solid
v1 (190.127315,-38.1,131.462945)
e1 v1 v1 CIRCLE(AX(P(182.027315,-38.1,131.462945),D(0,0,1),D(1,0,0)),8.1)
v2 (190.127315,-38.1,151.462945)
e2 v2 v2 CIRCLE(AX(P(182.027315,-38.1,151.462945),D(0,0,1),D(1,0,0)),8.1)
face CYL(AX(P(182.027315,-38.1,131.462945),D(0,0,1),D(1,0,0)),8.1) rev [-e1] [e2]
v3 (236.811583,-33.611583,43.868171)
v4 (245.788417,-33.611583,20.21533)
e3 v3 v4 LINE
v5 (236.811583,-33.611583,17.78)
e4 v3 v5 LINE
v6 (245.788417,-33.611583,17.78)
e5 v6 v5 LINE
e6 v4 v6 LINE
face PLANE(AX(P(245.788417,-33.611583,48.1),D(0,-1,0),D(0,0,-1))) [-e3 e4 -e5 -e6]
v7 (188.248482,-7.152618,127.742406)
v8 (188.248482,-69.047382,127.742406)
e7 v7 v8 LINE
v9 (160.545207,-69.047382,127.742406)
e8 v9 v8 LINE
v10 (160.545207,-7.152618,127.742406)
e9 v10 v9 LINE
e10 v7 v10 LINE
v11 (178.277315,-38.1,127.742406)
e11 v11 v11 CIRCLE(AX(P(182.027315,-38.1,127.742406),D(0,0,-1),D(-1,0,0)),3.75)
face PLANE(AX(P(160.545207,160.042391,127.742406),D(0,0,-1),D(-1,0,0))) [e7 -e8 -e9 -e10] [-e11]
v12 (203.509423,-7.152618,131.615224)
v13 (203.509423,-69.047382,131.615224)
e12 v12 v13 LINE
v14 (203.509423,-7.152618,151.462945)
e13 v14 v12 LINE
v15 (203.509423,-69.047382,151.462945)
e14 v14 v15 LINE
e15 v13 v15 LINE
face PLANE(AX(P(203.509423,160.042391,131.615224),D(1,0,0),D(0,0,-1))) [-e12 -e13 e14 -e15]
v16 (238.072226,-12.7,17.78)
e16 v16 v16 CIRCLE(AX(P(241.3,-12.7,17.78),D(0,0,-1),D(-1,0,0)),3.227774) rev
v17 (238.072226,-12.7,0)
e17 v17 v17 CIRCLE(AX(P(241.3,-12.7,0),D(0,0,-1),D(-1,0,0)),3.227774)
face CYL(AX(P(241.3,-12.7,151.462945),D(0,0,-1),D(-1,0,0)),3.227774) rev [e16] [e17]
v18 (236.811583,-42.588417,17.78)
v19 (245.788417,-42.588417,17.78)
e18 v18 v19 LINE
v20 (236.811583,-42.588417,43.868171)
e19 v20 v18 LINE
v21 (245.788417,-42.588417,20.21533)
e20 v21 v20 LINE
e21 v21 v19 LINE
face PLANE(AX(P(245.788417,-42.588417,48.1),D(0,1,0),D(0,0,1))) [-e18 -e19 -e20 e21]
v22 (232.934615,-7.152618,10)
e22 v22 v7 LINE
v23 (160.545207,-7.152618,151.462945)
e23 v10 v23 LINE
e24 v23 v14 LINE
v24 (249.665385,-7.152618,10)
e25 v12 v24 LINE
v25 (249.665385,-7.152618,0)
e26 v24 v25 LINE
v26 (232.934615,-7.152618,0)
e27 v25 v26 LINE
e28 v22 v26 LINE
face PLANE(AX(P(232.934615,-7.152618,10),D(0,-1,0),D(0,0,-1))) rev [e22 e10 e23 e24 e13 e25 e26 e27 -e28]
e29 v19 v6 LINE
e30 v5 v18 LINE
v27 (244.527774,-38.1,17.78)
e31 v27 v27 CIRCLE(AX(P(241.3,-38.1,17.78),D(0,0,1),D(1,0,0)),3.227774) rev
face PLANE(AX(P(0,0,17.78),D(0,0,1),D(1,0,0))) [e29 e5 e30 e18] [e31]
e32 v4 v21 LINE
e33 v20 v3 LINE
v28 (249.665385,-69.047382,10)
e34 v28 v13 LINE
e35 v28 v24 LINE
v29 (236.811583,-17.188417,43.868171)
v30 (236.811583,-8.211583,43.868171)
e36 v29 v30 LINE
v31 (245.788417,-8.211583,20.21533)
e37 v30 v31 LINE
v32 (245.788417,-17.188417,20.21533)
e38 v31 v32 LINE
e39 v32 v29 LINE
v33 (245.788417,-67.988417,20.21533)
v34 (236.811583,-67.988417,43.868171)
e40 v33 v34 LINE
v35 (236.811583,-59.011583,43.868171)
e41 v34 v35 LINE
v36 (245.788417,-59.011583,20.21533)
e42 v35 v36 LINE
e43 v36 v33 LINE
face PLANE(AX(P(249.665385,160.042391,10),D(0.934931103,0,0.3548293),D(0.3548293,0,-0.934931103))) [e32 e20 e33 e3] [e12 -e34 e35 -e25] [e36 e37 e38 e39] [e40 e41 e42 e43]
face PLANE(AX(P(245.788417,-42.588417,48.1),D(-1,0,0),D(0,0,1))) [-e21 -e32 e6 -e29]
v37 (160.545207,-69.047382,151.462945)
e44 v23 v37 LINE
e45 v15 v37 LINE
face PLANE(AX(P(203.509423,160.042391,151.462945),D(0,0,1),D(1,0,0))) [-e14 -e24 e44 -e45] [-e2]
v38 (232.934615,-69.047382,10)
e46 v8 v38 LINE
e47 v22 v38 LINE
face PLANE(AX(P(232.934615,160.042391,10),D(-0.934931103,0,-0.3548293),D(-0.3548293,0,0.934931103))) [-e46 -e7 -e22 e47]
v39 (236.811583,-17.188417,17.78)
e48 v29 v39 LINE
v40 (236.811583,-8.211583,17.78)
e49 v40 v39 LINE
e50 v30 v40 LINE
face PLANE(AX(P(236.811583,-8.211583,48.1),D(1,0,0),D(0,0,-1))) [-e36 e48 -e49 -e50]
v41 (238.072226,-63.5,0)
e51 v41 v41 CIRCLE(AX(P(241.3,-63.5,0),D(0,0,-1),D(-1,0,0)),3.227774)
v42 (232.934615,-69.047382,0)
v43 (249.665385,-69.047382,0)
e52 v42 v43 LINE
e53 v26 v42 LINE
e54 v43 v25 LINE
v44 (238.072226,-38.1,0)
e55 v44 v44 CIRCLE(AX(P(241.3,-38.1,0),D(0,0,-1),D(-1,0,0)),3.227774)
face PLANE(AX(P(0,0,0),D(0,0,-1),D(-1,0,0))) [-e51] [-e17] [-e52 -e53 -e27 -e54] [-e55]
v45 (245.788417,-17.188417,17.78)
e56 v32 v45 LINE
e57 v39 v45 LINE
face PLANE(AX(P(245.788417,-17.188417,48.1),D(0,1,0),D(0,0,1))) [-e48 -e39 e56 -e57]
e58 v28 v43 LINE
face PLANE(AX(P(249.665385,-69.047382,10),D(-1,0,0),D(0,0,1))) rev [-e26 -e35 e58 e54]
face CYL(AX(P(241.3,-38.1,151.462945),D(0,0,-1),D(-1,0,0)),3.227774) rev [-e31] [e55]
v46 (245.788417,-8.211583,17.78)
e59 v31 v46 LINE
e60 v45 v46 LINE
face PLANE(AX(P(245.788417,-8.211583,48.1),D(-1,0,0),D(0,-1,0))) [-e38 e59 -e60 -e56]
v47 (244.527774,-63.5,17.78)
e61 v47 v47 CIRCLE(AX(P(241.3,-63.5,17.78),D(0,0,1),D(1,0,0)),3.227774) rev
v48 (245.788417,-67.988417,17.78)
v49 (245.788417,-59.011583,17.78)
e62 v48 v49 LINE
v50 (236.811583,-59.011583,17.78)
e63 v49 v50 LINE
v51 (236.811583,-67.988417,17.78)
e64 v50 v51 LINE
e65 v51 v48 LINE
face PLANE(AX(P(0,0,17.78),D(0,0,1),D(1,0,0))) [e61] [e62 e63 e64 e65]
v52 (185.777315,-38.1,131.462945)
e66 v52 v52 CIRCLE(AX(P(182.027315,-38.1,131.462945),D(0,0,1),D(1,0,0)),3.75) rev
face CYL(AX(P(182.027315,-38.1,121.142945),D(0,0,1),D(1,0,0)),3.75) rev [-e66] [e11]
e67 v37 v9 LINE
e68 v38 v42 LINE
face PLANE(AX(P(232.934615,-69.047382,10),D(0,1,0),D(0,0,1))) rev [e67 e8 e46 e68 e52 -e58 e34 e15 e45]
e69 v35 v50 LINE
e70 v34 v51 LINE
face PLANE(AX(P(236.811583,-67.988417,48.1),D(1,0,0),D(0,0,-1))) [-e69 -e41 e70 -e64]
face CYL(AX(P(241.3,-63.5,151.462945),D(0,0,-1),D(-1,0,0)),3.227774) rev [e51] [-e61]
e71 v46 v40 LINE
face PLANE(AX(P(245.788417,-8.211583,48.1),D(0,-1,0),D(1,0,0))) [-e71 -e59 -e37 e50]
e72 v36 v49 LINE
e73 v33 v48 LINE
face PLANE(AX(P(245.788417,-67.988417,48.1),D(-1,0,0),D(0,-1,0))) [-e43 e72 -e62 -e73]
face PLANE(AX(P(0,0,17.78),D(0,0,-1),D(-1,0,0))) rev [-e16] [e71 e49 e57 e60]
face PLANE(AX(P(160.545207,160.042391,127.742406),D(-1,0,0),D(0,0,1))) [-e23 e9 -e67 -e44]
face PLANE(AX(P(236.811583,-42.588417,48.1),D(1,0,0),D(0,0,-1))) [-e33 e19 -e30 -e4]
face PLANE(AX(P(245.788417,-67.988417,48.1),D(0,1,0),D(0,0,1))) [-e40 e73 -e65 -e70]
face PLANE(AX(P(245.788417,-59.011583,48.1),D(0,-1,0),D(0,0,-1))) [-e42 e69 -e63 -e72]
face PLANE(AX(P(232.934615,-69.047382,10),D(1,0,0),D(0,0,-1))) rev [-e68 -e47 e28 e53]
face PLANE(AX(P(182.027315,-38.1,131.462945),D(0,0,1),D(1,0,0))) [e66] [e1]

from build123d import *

# Parameters (mm, degrees)
SKETCH4_W           = 16.730770432
SKETCH4_H           = 61.894764582
SKETCH4_R           = 3.048230072
BOSS_EXTRUDE4_DEPTH = 10
BOSS_EXTRUDE5_DEPTH = 61.894764581
SKETCH6_R           = 3.22777379
CUT_EXTRUDE1_DEPTH  = 301.068940686
CUT_EXTRUDE2_START  = 17.78
SKETCH8_W           = 8.976833554
SKETCH8_H           = 8.976833554
CUT_EXTRUDE2_DEPTH  = 30.32
SKETCH9_R           = 3.75
CUT_EXTRUDE3_DEPTH  = 30.32
SKETCH10_R          = 8.1
CUT_EXTRUDE4_DEPTH  = 20


with BuildPart() as part:
    # Sketch4 → Boss-Extrude4 (new body)
    with BuildSketch(Plane.XY):
        with Locations((241.3, -38.1)):
            Rectangle(SKETCH4_W, SKETCH4_H)
        with Locations((241.3, -12.7)):
            Circle(SKETCH4_R, mode=Mode.SUBTRACT)
        with Locations((241.3, -38.1)):
            Circle(SKETCH4_R, mode=Mode.SUBTRACT)
        with Locations((241.3, -63.5)):
            Circle(SKETCH4_R, mode=Mode.SUBTRACT)
    extrude(amount=BOSS_EXTRUDE4_DEPTH)

    # Sketch5 → Boss-Extrude5 (add)
    with BuildSketch(Plane.XZ.offset(69.047382291)):
        Polygon((249.665385216, 10), (203.509422764, 131.615224448), (203.509422764, 151.462944604), (160.545206695, 151.462944604), (160.545206695, 127.74240556), (188.24848215, 127.74240556), (232.934614784, 10), align=None)
    extrude(amount=-BOSS_EXTRUDE5_DEPTH)

    # Sketch6 → Cut-Extrude1 (cut, through all)
    with BuildSketch(Plane(origin=(0, 0, 0), x_dir=(-1, 0, 0), z_dir=(0, 0, -1))):
        with Locations((-241.3, -63.5)):
            Circle(SKETCH6_R)
        with Locations((-241.3, -38.1)):
            Circle(SKETCH6_R)
        with Locations((-241.3, -12.7)):
            Circle(SKETCH6_R)
    extrude(amount=-CUT_EXTRUDE1_DEPTH, mode=Mode.SUBTRACT)

    # Sketch8 → Cut-Extrude2 (cut)
    with BuildSketch(Plane.XY.offset(CUT_EXTRUDE2_START)):
        with Locations((241.3, -63.5)):
            Rectangle(SKETCH8_W, SKETCH8_H)
        with Locations((241.3, -38.1)):
            Rectangle(SKETCH8_W, SKETCH8_H)
        with Locations((241.3, -12.7)):
            Rectangle(SKETCH8_W, SKETCH8_H)
    extrude(amount=CUT_EXTRUDE2_DEPTH, mode=Mode.SUBTRACT)

    # Sketch9 → Cut-Extrude3 (cut)
    with BuildSketch(Plane.XY.offset(151.462944604)):
        with Locations((182.02731473, -38.1)):
            Circle(SKETCH9_R)
    extrude(amount=-CUT_EXTRUDE3_DEPTH, mode=Mode.SUBTRACT)

    # Sketch10 → Cut-Extrude4 (cut)
    with BuildSketch(Plane.XY.offset(151.462944604)):
        with Locations((182.02731473, -38.1)):
            Circle(SKETCH10_R)
    extrude(amount=-CUT_EXTRUDE4_DEPTH, mode=Mode.SUBTRACT)


solid = part.part
